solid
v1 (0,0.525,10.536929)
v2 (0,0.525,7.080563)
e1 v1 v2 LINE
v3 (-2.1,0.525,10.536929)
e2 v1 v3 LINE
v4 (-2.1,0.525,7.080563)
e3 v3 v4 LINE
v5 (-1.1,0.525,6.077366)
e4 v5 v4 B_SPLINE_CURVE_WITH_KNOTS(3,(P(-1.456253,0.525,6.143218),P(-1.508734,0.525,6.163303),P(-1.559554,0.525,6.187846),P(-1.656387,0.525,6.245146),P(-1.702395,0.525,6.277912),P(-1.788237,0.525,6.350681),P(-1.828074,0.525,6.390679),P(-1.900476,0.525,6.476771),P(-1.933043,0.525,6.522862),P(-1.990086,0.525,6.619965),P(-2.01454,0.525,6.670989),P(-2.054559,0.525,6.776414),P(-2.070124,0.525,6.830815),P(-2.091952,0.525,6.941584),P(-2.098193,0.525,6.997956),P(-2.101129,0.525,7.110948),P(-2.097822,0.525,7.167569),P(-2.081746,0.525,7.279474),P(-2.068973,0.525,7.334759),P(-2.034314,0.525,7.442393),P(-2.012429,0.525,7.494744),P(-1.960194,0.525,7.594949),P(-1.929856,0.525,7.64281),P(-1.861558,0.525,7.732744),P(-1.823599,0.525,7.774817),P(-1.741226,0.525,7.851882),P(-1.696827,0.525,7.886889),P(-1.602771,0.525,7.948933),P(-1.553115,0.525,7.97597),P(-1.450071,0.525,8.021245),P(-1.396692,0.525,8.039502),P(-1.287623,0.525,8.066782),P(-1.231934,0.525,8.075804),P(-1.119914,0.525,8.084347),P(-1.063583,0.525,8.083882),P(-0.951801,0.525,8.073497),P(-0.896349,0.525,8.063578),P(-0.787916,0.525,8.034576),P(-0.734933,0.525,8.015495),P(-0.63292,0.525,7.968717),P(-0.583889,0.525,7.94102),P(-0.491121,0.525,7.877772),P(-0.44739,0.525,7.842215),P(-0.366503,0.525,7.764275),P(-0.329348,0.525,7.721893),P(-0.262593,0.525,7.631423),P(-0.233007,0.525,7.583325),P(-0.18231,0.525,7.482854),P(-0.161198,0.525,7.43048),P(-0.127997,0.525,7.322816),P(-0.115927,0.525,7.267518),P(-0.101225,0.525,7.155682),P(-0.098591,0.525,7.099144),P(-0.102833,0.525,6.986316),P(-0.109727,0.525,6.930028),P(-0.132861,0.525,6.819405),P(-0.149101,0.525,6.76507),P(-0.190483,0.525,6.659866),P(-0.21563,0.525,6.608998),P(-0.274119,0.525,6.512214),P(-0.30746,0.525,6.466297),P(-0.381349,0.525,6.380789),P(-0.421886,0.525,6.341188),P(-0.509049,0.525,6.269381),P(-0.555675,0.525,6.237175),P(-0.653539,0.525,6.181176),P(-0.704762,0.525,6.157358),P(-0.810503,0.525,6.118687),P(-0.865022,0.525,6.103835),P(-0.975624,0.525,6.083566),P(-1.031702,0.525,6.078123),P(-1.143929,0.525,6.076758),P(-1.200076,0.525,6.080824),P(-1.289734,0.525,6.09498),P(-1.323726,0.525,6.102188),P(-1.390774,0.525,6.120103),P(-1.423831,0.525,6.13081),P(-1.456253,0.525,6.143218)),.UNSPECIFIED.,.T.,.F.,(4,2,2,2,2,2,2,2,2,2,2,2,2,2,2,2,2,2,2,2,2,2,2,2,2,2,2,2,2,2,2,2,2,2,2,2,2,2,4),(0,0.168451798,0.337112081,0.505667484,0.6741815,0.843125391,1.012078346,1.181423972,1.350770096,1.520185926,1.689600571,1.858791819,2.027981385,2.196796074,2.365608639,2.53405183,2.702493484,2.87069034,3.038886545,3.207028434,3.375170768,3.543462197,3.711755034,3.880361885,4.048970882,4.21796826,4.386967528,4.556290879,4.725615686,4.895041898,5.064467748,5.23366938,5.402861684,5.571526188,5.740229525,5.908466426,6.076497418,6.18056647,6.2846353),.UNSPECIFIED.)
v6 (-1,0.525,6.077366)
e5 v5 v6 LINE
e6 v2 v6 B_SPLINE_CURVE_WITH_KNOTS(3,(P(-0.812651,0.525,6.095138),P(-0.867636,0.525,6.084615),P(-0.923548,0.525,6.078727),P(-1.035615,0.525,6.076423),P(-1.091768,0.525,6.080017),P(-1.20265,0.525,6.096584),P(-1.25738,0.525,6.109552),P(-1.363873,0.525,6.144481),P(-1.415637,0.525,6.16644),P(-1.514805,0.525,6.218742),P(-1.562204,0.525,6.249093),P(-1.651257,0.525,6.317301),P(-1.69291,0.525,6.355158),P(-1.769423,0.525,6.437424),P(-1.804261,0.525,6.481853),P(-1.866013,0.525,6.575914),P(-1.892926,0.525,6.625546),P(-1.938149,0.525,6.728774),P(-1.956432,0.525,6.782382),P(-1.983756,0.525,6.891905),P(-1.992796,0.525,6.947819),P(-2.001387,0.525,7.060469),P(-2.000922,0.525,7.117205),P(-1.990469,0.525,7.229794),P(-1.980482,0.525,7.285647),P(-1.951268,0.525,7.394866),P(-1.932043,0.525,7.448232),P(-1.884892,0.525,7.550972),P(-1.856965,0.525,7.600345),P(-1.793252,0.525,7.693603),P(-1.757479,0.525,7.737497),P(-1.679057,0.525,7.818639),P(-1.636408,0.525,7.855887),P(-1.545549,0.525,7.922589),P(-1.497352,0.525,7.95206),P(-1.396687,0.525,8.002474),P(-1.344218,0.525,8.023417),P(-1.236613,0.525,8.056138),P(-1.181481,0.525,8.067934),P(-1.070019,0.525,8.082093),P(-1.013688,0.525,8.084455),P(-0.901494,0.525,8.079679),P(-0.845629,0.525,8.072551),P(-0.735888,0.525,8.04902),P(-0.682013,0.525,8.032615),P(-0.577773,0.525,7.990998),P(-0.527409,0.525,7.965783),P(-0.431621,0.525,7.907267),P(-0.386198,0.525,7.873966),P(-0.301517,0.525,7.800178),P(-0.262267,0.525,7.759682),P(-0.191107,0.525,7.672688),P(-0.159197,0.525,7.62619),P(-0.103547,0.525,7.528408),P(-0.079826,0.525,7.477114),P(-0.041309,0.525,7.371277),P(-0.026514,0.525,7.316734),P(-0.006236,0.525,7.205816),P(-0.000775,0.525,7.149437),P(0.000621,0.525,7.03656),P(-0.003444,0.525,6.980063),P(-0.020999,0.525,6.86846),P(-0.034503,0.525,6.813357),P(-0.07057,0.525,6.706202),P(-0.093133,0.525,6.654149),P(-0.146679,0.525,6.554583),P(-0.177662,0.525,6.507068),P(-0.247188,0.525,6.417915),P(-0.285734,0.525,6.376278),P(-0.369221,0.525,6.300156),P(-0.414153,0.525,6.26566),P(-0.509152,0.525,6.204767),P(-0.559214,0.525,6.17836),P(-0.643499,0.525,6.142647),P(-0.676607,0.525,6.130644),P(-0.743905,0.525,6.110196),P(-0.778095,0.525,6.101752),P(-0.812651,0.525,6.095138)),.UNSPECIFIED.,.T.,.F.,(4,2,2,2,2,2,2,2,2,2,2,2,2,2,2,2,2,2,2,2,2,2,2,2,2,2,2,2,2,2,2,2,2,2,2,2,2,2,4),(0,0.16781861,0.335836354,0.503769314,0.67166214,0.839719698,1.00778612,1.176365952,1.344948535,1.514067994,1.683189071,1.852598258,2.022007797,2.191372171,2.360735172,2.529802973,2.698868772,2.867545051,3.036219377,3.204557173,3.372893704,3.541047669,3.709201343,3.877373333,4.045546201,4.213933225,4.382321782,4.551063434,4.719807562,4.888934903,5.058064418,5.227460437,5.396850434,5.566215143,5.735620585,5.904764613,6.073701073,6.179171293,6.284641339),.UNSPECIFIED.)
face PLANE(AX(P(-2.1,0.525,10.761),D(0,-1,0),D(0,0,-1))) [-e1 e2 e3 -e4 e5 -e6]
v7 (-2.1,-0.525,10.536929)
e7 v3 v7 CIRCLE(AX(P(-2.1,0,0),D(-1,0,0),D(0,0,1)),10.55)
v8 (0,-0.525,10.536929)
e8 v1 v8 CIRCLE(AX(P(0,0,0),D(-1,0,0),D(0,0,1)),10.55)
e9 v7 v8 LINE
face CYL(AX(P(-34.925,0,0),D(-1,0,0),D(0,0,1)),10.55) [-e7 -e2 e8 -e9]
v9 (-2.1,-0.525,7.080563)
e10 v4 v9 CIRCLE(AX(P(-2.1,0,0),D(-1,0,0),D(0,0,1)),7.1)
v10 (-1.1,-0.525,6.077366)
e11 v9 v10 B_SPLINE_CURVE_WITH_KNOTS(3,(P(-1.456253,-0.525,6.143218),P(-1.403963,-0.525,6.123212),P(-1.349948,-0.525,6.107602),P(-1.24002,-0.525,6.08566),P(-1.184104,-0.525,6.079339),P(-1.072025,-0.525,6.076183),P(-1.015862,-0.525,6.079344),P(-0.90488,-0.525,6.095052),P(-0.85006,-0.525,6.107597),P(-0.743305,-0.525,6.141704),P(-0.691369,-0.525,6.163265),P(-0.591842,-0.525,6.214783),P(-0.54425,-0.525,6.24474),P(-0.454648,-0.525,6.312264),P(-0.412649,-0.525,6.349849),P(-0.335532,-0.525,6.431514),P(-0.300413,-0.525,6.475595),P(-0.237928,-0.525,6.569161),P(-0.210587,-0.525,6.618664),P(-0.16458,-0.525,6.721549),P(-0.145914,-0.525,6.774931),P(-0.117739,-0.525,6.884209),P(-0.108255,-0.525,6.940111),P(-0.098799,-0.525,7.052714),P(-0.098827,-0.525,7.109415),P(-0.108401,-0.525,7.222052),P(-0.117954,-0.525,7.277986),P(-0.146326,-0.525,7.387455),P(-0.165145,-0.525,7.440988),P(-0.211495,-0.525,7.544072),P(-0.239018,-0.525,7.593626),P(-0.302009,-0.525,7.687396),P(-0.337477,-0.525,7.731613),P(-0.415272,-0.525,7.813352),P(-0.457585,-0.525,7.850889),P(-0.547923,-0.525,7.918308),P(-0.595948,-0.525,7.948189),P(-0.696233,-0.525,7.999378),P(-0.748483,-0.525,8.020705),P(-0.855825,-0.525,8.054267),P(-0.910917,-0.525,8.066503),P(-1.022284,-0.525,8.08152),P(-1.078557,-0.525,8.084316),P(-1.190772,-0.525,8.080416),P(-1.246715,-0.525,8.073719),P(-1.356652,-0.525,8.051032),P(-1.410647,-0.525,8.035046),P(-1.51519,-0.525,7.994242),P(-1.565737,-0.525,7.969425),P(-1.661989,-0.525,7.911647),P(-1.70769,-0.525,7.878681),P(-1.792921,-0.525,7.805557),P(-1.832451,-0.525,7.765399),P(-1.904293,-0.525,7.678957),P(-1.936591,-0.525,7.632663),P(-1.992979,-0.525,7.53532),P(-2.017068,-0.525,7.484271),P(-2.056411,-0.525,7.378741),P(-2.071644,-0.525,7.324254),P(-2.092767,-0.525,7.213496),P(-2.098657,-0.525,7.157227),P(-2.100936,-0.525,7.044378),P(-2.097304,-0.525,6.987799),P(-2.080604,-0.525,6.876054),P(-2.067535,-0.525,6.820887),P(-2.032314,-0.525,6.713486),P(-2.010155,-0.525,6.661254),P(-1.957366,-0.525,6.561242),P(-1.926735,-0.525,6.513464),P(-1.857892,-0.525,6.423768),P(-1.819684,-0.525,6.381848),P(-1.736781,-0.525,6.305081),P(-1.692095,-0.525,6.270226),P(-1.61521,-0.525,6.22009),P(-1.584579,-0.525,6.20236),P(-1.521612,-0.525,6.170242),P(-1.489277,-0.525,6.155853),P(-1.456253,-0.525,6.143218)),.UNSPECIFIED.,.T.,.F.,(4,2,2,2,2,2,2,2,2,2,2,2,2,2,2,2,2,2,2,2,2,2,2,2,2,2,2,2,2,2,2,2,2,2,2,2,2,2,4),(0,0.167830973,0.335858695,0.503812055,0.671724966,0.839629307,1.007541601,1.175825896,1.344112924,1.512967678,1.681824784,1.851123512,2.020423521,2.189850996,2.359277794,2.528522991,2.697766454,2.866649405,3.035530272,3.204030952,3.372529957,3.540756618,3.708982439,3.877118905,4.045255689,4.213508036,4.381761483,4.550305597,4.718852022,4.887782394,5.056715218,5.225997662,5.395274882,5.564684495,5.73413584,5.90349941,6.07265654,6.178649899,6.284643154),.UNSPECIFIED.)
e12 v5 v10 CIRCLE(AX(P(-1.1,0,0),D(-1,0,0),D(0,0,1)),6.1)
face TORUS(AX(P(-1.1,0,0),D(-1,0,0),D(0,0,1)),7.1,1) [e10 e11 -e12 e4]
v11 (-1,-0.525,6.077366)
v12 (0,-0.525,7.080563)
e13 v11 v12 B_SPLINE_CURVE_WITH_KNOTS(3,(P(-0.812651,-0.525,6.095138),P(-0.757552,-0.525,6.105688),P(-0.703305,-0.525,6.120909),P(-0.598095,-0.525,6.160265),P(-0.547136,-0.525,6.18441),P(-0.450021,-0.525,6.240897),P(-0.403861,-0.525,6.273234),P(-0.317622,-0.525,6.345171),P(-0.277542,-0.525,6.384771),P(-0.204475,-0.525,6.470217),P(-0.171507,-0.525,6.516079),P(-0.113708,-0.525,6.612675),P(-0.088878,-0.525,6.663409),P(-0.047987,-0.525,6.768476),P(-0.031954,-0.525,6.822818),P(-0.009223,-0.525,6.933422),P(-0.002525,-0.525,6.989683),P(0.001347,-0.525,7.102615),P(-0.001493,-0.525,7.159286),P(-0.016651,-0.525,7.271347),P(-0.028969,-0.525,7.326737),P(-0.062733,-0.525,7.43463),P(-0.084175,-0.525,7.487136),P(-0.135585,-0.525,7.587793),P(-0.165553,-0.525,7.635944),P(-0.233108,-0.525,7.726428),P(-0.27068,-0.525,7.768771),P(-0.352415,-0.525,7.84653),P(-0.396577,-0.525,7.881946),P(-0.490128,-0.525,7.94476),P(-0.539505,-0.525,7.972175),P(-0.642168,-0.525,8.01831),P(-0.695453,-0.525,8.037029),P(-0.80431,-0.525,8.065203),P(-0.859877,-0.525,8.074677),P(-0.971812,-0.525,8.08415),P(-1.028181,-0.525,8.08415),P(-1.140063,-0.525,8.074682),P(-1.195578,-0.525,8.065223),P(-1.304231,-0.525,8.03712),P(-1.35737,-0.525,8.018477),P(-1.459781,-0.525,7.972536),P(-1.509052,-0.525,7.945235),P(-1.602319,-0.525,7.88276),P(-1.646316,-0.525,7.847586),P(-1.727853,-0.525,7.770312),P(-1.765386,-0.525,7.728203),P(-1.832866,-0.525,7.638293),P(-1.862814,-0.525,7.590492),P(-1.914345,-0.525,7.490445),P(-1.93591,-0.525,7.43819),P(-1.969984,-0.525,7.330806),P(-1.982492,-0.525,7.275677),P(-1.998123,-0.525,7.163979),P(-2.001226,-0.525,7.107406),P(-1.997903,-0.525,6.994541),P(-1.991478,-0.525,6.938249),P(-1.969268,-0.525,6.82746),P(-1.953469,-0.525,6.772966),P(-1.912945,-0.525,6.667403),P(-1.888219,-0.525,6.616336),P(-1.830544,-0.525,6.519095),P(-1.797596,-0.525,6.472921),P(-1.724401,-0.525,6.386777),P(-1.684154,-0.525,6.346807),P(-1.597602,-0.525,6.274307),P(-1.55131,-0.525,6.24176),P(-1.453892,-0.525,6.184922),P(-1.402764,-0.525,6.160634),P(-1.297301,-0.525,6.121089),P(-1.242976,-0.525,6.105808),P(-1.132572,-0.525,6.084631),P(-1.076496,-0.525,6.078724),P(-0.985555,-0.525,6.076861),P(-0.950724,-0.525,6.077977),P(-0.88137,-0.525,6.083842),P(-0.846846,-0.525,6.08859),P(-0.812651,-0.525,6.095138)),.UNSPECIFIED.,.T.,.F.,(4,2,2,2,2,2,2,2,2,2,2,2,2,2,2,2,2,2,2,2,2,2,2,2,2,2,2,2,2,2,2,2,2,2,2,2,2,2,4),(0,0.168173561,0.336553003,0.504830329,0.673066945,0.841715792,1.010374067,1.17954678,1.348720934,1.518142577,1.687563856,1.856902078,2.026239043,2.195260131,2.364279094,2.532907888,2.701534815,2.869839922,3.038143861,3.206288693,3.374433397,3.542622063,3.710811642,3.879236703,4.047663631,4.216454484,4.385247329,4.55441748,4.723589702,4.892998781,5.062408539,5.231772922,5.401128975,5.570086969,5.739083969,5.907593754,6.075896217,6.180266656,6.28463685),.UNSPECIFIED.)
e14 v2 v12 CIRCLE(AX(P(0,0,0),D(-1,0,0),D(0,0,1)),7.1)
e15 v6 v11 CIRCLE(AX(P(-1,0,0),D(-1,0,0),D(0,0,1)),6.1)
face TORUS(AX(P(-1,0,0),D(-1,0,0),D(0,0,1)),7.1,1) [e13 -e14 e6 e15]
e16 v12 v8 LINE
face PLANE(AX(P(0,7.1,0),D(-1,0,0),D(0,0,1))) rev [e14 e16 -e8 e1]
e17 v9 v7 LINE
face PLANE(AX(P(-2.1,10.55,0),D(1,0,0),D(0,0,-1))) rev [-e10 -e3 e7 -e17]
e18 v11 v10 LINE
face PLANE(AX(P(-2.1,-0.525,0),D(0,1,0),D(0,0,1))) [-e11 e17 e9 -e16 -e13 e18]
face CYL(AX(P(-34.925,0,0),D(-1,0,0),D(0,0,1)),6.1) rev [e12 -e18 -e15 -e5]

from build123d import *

# Parameters (mm, degrees)
SKETCH2_W = 1.05
SKETCH2_H = 10.761
GAP_DEPTH = 3.1


with BuildPart() as part:
    # Sketch1 → Base-Revolve (revolve)
    with BuildSketch(Plane.XY):
        with BuildLine():
            Line((0, 7.1), (0, 10.55))
            Line((0, 10.55), (-2.1, 10.55))
            Line((-2.1, 10.55), (-2.1, 7.1))
            ThreePointArc((-2.1, 7.1), (-1.807106781, 6.392893219), (-1.1, 6.1))
            Line((-1.1, 6.1), (-1, 6.1))
            ThreePointArc((-1, 6.1), (-0.292893219, 6.392893219), (0, 7.1))
        make_face()
    revolve(axis=Axis((-34.925, 0, 0), (1, 0, 0)))

    # Sketch2 → Gap (cut, through all)
    with BuildSketch(Plane(origin=(0, 0, 0), x_dir=(0, -1, 0), z_dir=(-1, 0, 0))):
        with Locations((0, 5.3805)):
            Rectangle(SKETCH2_W, SKETCH2_H)
    extrude(amount=GAP_DEPTH, mode=Mode.SUBTRACT)


solid = part.part
